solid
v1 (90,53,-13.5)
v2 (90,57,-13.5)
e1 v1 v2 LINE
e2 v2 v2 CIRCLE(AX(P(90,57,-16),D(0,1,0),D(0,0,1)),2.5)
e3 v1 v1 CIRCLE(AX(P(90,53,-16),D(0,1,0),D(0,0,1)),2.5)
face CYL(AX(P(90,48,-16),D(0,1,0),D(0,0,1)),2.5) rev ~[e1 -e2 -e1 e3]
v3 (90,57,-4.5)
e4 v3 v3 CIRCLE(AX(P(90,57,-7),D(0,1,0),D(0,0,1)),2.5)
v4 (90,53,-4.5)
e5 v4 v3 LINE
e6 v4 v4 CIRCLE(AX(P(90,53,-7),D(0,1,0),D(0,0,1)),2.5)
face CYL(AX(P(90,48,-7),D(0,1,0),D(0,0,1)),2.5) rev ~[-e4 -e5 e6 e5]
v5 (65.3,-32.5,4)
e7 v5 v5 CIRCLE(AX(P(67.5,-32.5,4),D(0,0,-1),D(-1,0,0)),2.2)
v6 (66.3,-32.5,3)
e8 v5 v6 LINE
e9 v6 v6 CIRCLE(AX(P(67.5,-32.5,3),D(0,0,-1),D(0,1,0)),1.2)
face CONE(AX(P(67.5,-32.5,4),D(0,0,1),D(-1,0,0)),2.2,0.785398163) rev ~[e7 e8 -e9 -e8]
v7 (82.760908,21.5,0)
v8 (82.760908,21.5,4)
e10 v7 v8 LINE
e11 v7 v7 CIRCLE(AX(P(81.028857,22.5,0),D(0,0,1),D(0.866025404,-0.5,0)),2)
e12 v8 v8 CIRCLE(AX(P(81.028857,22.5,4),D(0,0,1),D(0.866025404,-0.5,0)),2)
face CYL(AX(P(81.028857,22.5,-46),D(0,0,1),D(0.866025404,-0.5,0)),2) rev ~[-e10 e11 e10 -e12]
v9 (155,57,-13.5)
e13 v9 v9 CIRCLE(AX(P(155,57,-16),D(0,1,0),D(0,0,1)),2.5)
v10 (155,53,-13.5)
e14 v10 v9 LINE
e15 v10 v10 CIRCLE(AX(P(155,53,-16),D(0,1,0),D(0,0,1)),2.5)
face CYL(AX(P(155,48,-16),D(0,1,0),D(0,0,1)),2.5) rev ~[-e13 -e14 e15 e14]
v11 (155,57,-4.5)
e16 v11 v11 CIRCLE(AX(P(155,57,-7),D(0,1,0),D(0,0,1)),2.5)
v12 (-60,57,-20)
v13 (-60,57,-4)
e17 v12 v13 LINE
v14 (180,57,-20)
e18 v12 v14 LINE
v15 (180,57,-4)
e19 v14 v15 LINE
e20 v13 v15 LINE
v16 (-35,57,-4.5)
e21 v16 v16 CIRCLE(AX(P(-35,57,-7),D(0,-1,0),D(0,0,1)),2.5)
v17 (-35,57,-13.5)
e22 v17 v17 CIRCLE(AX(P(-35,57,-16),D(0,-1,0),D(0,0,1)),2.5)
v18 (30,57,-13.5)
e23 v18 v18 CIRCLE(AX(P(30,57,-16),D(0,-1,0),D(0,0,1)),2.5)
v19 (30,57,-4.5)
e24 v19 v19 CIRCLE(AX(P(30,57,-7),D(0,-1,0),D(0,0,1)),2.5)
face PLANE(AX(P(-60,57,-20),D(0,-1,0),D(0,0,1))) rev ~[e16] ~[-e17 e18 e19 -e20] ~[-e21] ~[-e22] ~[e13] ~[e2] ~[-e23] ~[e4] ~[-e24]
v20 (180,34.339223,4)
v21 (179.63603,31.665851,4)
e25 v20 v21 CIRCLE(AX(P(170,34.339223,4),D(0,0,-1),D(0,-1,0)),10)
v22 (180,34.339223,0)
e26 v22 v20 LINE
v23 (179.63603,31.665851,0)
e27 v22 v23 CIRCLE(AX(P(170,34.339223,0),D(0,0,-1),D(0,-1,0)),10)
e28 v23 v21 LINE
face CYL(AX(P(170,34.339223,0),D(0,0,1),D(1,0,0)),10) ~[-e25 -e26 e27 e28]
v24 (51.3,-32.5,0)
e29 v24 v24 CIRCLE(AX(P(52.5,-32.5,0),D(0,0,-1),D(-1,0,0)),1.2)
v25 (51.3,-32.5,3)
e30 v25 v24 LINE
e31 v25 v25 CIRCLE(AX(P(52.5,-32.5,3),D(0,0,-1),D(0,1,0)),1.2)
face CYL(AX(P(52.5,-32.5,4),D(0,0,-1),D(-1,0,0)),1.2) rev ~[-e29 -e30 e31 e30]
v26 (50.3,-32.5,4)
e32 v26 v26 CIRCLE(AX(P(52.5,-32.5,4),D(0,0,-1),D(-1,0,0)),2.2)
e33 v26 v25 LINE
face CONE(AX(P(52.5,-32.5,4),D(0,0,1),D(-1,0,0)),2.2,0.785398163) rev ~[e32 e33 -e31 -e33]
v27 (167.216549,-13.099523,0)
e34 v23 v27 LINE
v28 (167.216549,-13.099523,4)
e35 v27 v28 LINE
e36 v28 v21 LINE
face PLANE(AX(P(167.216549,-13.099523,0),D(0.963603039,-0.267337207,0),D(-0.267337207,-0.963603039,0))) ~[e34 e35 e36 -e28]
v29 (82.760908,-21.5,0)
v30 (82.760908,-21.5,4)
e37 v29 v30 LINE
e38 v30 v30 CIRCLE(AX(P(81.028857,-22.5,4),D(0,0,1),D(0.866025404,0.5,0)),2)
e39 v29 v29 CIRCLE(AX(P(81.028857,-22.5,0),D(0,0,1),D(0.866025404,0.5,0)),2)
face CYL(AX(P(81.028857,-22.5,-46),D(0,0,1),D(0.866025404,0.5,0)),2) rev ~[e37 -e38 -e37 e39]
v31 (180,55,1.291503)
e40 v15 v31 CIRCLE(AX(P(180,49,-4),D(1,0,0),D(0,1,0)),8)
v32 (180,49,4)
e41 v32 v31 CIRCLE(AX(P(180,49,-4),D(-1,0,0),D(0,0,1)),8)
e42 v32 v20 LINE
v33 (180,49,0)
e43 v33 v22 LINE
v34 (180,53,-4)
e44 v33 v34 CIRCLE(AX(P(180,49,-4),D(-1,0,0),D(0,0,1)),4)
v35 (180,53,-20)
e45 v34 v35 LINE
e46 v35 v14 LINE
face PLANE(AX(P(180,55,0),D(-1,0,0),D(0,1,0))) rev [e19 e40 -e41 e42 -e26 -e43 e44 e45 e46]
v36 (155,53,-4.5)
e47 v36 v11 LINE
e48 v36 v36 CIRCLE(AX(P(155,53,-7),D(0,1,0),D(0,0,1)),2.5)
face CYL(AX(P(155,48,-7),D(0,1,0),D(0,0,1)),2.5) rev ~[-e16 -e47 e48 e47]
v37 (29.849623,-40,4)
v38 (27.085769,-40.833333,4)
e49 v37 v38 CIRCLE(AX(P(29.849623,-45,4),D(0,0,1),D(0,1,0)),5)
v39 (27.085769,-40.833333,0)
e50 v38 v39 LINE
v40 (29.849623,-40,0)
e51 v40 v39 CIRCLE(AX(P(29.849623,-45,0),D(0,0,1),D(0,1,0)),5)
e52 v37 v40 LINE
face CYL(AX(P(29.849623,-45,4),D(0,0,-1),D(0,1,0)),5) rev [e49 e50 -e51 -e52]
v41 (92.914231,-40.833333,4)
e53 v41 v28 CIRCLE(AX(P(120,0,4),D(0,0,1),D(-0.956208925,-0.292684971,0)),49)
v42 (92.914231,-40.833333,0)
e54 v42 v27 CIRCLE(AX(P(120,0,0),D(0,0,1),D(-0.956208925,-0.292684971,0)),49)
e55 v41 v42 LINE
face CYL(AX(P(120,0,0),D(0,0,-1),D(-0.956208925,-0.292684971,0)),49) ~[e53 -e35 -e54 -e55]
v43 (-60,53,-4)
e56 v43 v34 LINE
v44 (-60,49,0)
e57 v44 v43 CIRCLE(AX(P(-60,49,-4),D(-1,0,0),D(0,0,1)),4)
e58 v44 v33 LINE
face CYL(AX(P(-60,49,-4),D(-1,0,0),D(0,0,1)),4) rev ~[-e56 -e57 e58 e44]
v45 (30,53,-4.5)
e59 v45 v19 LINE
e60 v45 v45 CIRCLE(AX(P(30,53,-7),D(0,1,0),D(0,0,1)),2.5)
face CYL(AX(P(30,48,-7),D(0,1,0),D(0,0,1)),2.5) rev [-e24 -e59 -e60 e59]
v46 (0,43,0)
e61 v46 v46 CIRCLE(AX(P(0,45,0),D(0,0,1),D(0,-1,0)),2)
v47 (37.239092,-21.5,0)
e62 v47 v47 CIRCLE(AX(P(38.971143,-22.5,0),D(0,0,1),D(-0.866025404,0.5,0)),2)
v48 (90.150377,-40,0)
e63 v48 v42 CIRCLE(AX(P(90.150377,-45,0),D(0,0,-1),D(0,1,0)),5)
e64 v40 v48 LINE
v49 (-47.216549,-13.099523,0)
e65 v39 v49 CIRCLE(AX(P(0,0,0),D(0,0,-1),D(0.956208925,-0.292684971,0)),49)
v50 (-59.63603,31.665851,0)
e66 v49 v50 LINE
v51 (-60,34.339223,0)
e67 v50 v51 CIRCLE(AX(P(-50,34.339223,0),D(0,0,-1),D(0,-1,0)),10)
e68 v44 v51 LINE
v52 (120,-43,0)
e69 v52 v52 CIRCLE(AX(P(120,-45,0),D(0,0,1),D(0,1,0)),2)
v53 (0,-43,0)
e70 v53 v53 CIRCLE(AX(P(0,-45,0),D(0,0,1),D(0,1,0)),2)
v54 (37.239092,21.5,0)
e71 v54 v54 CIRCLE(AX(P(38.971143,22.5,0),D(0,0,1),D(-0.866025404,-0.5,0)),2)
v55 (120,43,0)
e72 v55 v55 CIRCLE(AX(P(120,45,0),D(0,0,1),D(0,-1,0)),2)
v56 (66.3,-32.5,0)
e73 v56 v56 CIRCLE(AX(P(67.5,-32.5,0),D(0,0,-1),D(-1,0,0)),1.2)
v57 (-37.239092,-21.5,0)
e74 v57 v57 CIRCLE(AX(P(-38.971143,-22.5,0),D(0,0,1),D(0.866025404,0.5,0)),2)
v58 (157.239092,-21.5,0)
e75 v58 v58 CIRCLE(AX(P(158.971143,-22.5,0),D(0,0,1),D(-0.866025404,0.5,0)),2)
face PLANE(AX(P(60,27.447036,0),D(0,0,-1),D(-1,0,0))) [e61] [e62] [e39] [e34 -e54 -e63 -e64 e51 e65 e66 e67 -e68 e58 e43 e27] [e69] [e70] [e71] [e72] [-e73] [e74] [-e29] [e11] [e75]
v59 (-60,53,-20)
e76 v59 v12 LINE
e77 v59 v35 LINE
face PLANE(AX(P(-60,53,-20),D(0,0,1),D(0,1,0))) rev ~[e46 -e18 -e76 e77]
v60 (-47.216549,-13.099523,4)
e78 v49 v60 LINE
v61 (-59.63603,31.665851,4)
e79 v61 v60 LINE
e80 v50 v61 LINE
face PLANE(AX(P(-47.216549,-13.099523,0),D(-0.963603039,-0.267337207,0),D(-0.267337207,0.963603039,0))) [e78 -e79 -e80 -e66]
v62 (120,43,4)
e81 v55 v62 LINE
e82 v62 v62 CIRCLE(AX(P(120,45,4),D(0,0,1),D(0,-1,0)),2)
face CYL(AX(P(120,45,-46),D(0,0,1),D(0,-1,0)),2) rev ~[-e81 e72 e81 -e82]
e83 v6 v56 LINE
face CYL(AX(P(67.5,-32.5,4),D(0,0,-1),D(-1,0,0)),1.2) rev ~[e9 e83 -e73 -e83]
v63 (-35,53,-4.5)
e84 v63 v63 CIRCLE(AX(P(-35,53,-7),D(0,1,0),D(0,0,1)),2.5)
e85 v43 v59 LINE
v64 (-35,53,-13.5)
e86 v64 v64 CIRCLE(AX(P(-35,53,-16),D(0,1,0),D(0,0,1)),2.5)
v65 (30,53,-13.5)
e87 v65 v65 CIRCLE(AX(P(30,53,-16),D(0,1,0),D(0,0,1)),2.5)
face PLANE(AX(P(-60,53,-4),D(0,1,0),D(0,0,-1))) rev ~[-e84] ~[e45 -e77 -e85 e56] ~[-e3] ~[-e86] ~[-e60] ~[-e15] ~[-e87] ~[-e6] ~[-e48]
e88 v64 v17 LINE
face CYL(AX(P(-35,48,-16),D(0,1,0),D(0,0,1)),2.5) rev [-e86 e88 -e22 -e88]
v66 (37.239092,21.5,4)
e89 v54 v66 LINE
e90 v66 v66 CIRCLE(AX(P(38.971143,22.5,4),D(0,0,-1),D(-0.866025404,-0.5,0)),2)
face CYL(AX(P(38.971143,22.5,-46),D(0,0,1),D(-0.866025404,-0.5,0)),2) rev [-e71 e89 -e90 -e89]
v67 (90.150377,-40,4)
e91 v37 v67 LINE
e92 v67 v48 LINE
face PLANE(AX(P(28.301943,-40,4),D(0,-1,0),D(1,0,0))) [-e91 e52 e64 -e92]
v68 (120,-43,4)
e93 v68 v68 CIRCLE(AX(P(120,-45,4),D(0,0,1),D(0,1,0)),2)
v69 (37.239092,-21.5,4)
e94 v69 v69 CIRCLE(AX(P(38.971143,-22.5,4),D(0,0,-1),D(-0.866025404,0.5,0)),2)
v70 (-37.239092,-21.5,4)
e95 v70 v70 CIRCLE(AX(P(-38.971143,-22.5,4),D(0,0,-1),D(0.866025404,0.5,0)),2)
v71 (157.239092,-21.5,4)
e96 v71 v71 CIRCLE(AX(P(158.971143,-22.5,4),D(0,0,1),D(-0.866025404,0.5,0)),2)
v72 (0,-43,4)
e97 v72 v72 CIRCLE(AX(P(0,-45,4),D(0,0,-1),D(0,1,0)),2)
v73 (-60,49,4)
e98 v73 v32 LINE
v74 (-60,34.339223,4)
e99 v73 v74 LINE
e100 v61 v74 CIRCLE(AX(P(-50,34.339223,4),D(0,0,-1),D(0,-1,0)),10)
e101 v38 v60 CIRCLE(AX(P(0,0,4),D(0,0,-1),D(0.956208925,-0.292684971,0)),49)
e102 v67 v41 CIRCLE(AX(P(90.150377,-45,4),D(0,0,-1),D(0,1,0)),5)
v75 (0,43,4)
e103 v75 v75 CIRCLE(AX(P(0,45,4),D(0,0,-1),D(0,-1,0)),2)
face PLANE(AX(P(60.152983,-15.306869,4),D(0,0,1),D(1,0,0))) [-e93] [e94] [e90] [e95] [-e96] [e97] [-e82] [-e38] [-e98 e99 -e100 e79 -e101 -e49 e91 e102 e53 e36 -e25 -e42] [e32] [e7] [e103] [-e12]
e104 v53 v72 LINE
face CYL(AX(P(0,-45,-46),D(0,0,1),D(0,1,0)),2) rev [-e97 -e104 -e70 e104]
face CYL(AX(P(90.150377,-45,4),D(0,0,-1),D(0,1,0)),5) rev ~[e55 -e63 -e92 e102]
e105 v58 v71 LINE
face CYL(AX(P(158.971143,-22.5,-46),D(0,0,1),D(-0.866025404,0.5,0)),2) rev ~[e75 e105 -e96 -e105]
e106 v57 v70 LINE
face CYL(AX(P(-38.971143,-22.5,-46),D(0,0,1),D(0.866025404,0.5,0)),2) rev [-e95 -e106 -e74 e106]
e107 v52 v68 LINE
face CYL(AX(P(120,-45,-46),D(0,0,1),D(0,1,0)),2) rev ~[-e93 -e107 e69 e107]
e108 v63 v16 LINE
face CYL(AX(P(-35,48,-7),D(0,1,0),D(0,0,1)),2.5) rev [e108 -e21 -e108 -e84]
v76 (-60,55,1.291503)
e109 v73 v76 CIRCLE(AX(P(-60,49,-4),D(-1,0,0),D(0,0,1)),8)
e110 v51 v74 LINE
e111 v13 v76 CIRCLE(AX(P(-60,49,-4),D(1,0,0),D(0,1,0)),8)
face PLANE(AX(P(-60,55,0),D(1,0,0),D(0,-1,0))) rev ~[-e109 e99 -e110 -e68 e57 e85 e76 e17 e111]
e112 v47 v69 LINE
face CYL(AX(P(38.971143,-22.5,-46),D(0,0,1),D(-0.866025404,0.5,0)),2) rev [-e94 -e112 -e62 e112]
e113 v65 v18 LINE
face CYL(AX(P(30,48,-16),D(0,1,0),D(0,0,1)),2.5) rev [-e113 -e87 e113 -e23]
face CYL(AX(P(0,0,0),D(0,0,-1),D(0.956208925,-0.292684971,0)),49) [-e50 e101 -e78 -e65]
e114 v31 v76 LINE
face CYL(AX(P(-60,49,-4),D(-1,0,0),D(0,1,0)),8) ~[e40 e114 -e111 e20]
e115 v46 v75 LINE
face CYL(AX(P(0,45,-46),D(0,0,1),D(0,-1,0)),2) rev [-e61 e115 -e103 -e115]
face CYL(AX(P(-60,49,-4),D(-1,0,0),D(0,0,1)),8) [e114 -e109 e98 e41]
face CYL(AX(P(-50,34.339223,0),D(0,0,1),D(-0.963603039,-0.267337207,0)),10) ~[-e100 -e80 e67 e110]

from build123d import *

# Parameters (mm, degrees)
BOSS_EXTRUDE1_DEPTH                                 = 4
BOSS_EXTRUDE7_DEPTH                                 = 240
CIRPATTERN1_COUNT                                   = 5
CIRPATTERN1_ANGLE                                   = 240
BOSS_EXTRUDE5_DEPTH                                 = 4
FILLET4_R                                           = 5
CSK_FOR_M2_COUNTERSUNK_FLAT_HEAD_SCREW1_D           = 2.4
CSK_FOR_M2_COUNTERSUNK_FLAT_HEAD_SCREW1_DEPTH       = 9
CSK_FOR_M2_COUNTERSUNK_FLAT_HEAD_SCREW1_CSINK_D     = 4.4
CSK_FOR_M2_COUNTERSUNK_FLAT_HEAD_SCREW1_CSINK_ANGLE = 90
CSK_FOR_M2_COUNTERSUNK_FLAT_HEAD_SCREW1_TIP         = 0.721032743
CUT_EXTRUDE1_DEPTH                                  = 4
CUT_EXTRUDE2_DEPTH                                  = 240
F_5_0MM_DOWEL_HOLE2_AT_2_COUNT                      = 2
F_5_0MM_DOWEL_HOLE2_AT_2_PITCH                      = 9
LPATTERN2_COUNT                                     = 2
LPATTERN2_PITCH                                     = 65
FILLET7_R                                           = 10
BOSS_EXTRUDE8_DEPTH                                 = 4


with BuildPart() as part:
    # Sketch1 → Boss-Extrude1 (new body)
    with BuildSketch(Plane.XY):
        with BuildLine():
            Line((-65, 55), (65, 55))
            Line((65, 55), (46.854237316, -14.341563567))
            ThreePointArc((46.854237316, -14.341563567), (-0.646903027, -48.995729574), (-47.216548934, -13.099523151))
            Line((-47.216548934, -13.099523151), (-65, 51))
            Line((-65, 51), (-65, 55))
        make_face()
    boss_extrude1 = extrude(amount=BOSS_EXTRUDE1_DEPTH)

    # Sketch17 → Boss-Extrude7 (add)
    with BuildSketch(Plane(origin=(-60, 0, 0), x_dir=(0, 0, -1), z_dir=(1, 0, 0))):
        with BuildLine():
            Line((20, 53), (20, 57))
            Line((20, 57), (4, 57))
            ThreePointArc((4, 57), (-1.656854249, 54.656854249), (-4, 49))
            Line((-4, 49), (-4, 32.977760415))
            Line((-4, 32.977760415), (0, 32.977760415))
            Line((0, 32.977760415), (0, 49))
            ThreePointArc((0, 49), (1.171572875, 51.828427125), (4, 53))
            Line((4, 53), (20, 53))
        make_face()
    extrude(amount=BOSS_EXTRUDE7_DEPTH)

    # Mirror1: Boss-Extrude1 across plane
    add(boss_extrude1.mirror(Plane(origin=(60, 0, 0), x_dir=(0, 0, 1), z_dir=(1, 0, 0))))

    # Sketch3 → Ø4.0mm Dowel Hole1 (revolve, cut)
    with BuildSketch(Plane(origin=(0, 45, 4), x_dir=(0, -1, 0), z_dir=(1, 0, 0))):
        Polygon((0, 0), (0, 51.201721238), (2, 50), (2, 0), align=None)
    f_4_0mm_dowel_hole1 = revolve(axis=Axis((0, 45, 10.35), (0, 0, -1)), mode=Mode.SUBTRACT)

    # CirPattern1: Ø4.0mm Dowel Hole1 ×5 about axis
    cirpattern1_axis = Axis((0, 0, 54.509359295), (0, 0, -1))
    for i in range(1, CIRPATTERN1_COUNT):
        add(f_4_0mm_dowel_hole1.rotate(cirpattern1_axis, i * CIRPATTERN1_ANGLE / (CIRPATTERN1_COUNT - 1)), mode=Mode.SUBTRACT)

    # Mirror2 copy 1 sketch → Mirror2 copy 1 (revolve, cut)
    with BuildSketch(Plane(origin=(81.02885683, 22.5, 4), x_dir=(0.8660254037844399, -0.4999999999999978, 0), z_dir=(-0.4999999999999978, -0.8660254037844399, 0))):
        Polygon((0, 0), (0, -51.201721238), (2, -50), (2, 0), align=None)
    revolve(axis=Axis((81.02885683, 22.5, 10.35), (0, 0, 1)), mode=Mode.SUBTRACT)

    # Mirror2 copy 2 sketch → Mirror2 copy 2 (revolve, cut)
    with BuildSketch(Plane(origin=(81.02885683, -22.5, 4), x_dir=(0.866025403784436, 0.5000000000000044, 0), z_dir=(0.5000000000000044, -0.866025403784436, 0))):
        Polygon((0, 0), (0, -51.201721238), (2, -50), (2, 0), align=None)
    revolve(axis=Axis((81.02885683, -22.5, 10.35), (0, 0, 1)), mode=Mode.SUBTRACT)

    # Mirror2 copy 3 sketch → Mirror2 copy 3 (revolve, cut)
    with BuildSketch(Plane(origin=(120, -45, 4), x_dir=(0, 1, 0), z_dir=(1, 0, 0))):
        Polygon((0, 0), (0, -51.201721238), (2, -50), (2, 0), align=None)
    revolve(axis=Axis((120, -45, 10.35), (0, 0, 1)), mode=Mode.SUBTRACT)

    # Mirror2 copy 4 sketch → Mirror2 copy 4 (revolve, cut)
    with BuildSketch(Plane(origin=(158.97114317, -22.5, 4), x_dir=(-0.8660254037844437, 0.4999999999999912, 0), z_dir=(0.4999999999999912, 0.8660254037844437, 0))):
        Polygon((0, 0), (0, -51.201721238), (2, -50), (2, 0), align=None)
    revolve(axis=Axis((158.97114317, -22.5, 10.35), (0, 0, 1)), mode=Mode.SUBTRACT)

    # Mirror2 copy 5 sketch → Mirror2 copy 5 (revolve, cut)
    with BuildSketch(Plane(origin=(120, 45, 4), x_dir=(0, -1, 0), z_dir=(-1, 0, 0))):
        Polygon((0, 0), (0, -51.201721238), (2, -50), (2, 0), align=None)
    revolve(axis=Axis((120, 45, 10.35), (0, 0, 1)), mode=Mode.SUBTRACT)

    # Sketch11 → Boss-Extrude5 (add)
    with BuildSketch(Plane.XY.offset(4)):
        Polygon((28.301943396, -40), (91.698056604, -40), (77.749149407, -24.816640065), (71.110361187, 23.59948562), (49.712708472, 23.59948562), (42.81015603, -23.838845205), align=None)
    extrude(amount=-BOSS_EXTRUDE5_DEPTH)

    # Fillet4
    fillet4_edges = [part.edges().sort_by_distance(p)[0] for p in [
        (28.301943396, -40, 2),
        (91.698056604, -40, 2),
    ]]
    fillet(fillet4_edges, radius=FILLET4_R)

    # CSK for M2 Countersunk Flat Head Screw1
    with Locations(Plane.XY.offset(4)):
        with Locations((52.5, -32.5), (67.5, -32.5)):
            CounterSinkHole(CSK_FOR_M2_COUNTERSUNK_FLAT_HEAD_SCREW1_D / 2, CSK_FOR_M2_COUNTERSUNK_FLAT_HEAD_SCREW1_CSINK_D / 2, depth=CSK_FOR_M2_COUNTERSUNK_FLAT_HEAD_SCREW1_DEPTH, counter_sink_angle=CSK_FOR_M2_COUNTERSUNK_FLAT_HEAD_SCREW1_CSINK_ANGLE)
            with Locations((0, 0, -(CSK_FOR_M2_COUNTERSUNK_FLAT_HEAD_SCREW1_DEPTH + CSK_FOR_M2_COUNTERSUNK_FLAT_HEAD_SCREW1_TIP / 2))):  # 118° drill point
                Cone(0, CSK_FOR_M2_COUNTERSUNK_FLAT_HEAD_SCREW1_D / 2, CSK_FOR_M2_COUNTERSUNK_FLAT_HEAD_SCREW1_TIP, mode=Mode.SUBTRACT)

    # Sketch18 → Cut-Extrude1 (cut)
    with BuildSketch(Plane(origin=(0, 0, 0), x_dir=(-1, 0, 0), z_dir=(0, 0, -1))):
        Polygon((60, 55), (60, 32.977760415), (65, 51), (65, 55), align=None)
    cut_extrude1 = extrude(amount=-CUT_EXTRUDE1_DEPTH, mode=Mode.SUBTRACT)

    # Mirror6: Cut-Extrude1 across plane
    add(cut_extrude1.mirror(Plane(origin=(60, 0, 0), x_dir=(0, 0, 1), z_dir=(1, 0, 0))), mode=Mode.SUBTRACT)

    # Sketch19 → Cut-Extrude2 (cut)
    with BuildSketch(Plane.ZY.offset(60)):
        with BuildLine():
            Line((1.291502622, 55), (4, 55))
            Line((4, 55), (4, 49))
            ThreePointArc((4, 49), (3.291502622, 52.291502622), (1.291502622, 55))
        make_face()
    extrude(amount=-CUT_EXTRUDE2_DEPTH, mode=Mode.SUBTRACT)

    # Sketch21 → Ø5.0mm Dowel Hole2 (revolve, cut)
    with BuildSketch(Plane(origin=(-35, 57, -7), x_dir=(0, 0, 1), z_dir=(1, 0, 0))):
        Polygon((0, 0), (0, 10.502151548), (2.5, 9), (2.5, 0), align=None)
    f_5_0mm_dowel_hole2 = revolve(axis=Axis((-35, 63.35, -7), (0, -1, 0)), mode=Mode.SUBTRACT)

    # Ø5.0mm Dowel Hole2 at 2: Ø5.0mm Dowel Hole2 ×2
    with Locations(*[(0, 0, -i * F_5_0MM_DOWEL_HOLE2_AT_2_PITCH) for i in range(1, F_5_0MM_DOWEL_HOLE2_AT_2_COUNT)]):
        add(f_5_0mm_dowel_hole2, mode=Mode.SUBTRACT)

    # LPattern2: Ø5.0mm Dowel Hole2 ×2
    with Locations(*[(i * LPATTERN2_PITCH, 0, 0) for i in range(1, LPATTERN2_COUNT)]):
        add(f_5_0mm_dowel_hole2, mode=Mode.SUBTRACT)

    # LPattern2 copy 1 sketch → LPattern2 copy 1 (revolve, cut)
    with BuildSketch(Plane(origin=(30, 57, -16), x_dir=(0, 0, 1), z_dir=(1, 0, 0))):
        Polygon((0, 0), (0, 10.502151548), (2.5, 9), (2.5, 0), align=None)
    revolve(axis=Axis((30, 63.35, -16), (0, -1, 0)), mode=Mode.SUBTRACT)

    # Mirror7 copy 1 sketch → Mirror7 copy 1 (revolve, cut)
    with BuildSketch(Plane(origin=(90, 57, -7), x_dir=(0, 0, 1), z_dir=(-1, 0, 0))):
        Polygon((0, 0), (0, -10.502151548), (2.5, -9), (2.5, 0), align=None)
    revolve(axis=Axis((90, 63.35, -7), (0, 1, 0)), mode=Mode.SUBTRACT)

    # Mirror7 copy 2 sketch → Mirror7 copy 2 (revolve, cut)
    with BuildSketch(Plane(origin=(90, 57, -16), x_dir=(0, 0, 1), z_dir=(-1, 0, 0))):
        Polygon((0, 0), (0, -10.502151548), (2.5, -9), (2.5, 0), align=None)
    revolve(axis=Axis((90, 63.35, -16), (0, 1, 0)), mode=Mode.SUBTRACT)

    # Mirror7 copy 3 sketch → Mirror7 copy 3 (revolve, cut)
    with BuildSketch(Plane(origin=(155, 57, -7), x_dir=(0, 0, 1), z_dir=(-1, 0, 0))):
        Polygon((0, 0), (0, -10.502151548), (2.5, -9), (2.5, 0), align=None)
    revolve(axis=Axis((155, 63.35, -7), (0, 1, 0)), mode=Mode.SUBTRACT)

    # Mirror7 copy 4 sketch → Mirror7 copy 4 (revolve, cut)
    with BuildSketch(Plane(origin=(155, 57, -16), x_dir=(0, 0, 1), z_dir=(-1, 0, 0))):
        Polygon((0, 0), (0, -10.502151548), (2.5, -9), (2.5, 0), align=None)
    revolve(axis=Axis((155, 63.35, -16), (0, 1, 0)), mode=Mode.SUBTRACT)

    # Fillet7
    fillet7_edges = [part.edges().sort_by_distance(p)[0] for p in [
        (-60, 32.977760415, 2),
        (180, 32.977760415, 2),
    ]]
    fillet(fillet7_edges, radius=FILLET7_R)

    # Sketch22 → Boss-Extrude8 (add)
    with BuildSketch(Plane(origin=(0, 0, 0), x_dir=(-1, 0, 0), z_dir=(0, 0, -1))):
        Polygon((-63.217095964, 23.59948562), (-56.782904036, 23.59948562), (-59.237073514, 32.977760415), (-60.762926486, 32.977760415), align=None)
    extrude(amount=-BOSS_EXTRUDE8_DEPTH)


solid = part.part
